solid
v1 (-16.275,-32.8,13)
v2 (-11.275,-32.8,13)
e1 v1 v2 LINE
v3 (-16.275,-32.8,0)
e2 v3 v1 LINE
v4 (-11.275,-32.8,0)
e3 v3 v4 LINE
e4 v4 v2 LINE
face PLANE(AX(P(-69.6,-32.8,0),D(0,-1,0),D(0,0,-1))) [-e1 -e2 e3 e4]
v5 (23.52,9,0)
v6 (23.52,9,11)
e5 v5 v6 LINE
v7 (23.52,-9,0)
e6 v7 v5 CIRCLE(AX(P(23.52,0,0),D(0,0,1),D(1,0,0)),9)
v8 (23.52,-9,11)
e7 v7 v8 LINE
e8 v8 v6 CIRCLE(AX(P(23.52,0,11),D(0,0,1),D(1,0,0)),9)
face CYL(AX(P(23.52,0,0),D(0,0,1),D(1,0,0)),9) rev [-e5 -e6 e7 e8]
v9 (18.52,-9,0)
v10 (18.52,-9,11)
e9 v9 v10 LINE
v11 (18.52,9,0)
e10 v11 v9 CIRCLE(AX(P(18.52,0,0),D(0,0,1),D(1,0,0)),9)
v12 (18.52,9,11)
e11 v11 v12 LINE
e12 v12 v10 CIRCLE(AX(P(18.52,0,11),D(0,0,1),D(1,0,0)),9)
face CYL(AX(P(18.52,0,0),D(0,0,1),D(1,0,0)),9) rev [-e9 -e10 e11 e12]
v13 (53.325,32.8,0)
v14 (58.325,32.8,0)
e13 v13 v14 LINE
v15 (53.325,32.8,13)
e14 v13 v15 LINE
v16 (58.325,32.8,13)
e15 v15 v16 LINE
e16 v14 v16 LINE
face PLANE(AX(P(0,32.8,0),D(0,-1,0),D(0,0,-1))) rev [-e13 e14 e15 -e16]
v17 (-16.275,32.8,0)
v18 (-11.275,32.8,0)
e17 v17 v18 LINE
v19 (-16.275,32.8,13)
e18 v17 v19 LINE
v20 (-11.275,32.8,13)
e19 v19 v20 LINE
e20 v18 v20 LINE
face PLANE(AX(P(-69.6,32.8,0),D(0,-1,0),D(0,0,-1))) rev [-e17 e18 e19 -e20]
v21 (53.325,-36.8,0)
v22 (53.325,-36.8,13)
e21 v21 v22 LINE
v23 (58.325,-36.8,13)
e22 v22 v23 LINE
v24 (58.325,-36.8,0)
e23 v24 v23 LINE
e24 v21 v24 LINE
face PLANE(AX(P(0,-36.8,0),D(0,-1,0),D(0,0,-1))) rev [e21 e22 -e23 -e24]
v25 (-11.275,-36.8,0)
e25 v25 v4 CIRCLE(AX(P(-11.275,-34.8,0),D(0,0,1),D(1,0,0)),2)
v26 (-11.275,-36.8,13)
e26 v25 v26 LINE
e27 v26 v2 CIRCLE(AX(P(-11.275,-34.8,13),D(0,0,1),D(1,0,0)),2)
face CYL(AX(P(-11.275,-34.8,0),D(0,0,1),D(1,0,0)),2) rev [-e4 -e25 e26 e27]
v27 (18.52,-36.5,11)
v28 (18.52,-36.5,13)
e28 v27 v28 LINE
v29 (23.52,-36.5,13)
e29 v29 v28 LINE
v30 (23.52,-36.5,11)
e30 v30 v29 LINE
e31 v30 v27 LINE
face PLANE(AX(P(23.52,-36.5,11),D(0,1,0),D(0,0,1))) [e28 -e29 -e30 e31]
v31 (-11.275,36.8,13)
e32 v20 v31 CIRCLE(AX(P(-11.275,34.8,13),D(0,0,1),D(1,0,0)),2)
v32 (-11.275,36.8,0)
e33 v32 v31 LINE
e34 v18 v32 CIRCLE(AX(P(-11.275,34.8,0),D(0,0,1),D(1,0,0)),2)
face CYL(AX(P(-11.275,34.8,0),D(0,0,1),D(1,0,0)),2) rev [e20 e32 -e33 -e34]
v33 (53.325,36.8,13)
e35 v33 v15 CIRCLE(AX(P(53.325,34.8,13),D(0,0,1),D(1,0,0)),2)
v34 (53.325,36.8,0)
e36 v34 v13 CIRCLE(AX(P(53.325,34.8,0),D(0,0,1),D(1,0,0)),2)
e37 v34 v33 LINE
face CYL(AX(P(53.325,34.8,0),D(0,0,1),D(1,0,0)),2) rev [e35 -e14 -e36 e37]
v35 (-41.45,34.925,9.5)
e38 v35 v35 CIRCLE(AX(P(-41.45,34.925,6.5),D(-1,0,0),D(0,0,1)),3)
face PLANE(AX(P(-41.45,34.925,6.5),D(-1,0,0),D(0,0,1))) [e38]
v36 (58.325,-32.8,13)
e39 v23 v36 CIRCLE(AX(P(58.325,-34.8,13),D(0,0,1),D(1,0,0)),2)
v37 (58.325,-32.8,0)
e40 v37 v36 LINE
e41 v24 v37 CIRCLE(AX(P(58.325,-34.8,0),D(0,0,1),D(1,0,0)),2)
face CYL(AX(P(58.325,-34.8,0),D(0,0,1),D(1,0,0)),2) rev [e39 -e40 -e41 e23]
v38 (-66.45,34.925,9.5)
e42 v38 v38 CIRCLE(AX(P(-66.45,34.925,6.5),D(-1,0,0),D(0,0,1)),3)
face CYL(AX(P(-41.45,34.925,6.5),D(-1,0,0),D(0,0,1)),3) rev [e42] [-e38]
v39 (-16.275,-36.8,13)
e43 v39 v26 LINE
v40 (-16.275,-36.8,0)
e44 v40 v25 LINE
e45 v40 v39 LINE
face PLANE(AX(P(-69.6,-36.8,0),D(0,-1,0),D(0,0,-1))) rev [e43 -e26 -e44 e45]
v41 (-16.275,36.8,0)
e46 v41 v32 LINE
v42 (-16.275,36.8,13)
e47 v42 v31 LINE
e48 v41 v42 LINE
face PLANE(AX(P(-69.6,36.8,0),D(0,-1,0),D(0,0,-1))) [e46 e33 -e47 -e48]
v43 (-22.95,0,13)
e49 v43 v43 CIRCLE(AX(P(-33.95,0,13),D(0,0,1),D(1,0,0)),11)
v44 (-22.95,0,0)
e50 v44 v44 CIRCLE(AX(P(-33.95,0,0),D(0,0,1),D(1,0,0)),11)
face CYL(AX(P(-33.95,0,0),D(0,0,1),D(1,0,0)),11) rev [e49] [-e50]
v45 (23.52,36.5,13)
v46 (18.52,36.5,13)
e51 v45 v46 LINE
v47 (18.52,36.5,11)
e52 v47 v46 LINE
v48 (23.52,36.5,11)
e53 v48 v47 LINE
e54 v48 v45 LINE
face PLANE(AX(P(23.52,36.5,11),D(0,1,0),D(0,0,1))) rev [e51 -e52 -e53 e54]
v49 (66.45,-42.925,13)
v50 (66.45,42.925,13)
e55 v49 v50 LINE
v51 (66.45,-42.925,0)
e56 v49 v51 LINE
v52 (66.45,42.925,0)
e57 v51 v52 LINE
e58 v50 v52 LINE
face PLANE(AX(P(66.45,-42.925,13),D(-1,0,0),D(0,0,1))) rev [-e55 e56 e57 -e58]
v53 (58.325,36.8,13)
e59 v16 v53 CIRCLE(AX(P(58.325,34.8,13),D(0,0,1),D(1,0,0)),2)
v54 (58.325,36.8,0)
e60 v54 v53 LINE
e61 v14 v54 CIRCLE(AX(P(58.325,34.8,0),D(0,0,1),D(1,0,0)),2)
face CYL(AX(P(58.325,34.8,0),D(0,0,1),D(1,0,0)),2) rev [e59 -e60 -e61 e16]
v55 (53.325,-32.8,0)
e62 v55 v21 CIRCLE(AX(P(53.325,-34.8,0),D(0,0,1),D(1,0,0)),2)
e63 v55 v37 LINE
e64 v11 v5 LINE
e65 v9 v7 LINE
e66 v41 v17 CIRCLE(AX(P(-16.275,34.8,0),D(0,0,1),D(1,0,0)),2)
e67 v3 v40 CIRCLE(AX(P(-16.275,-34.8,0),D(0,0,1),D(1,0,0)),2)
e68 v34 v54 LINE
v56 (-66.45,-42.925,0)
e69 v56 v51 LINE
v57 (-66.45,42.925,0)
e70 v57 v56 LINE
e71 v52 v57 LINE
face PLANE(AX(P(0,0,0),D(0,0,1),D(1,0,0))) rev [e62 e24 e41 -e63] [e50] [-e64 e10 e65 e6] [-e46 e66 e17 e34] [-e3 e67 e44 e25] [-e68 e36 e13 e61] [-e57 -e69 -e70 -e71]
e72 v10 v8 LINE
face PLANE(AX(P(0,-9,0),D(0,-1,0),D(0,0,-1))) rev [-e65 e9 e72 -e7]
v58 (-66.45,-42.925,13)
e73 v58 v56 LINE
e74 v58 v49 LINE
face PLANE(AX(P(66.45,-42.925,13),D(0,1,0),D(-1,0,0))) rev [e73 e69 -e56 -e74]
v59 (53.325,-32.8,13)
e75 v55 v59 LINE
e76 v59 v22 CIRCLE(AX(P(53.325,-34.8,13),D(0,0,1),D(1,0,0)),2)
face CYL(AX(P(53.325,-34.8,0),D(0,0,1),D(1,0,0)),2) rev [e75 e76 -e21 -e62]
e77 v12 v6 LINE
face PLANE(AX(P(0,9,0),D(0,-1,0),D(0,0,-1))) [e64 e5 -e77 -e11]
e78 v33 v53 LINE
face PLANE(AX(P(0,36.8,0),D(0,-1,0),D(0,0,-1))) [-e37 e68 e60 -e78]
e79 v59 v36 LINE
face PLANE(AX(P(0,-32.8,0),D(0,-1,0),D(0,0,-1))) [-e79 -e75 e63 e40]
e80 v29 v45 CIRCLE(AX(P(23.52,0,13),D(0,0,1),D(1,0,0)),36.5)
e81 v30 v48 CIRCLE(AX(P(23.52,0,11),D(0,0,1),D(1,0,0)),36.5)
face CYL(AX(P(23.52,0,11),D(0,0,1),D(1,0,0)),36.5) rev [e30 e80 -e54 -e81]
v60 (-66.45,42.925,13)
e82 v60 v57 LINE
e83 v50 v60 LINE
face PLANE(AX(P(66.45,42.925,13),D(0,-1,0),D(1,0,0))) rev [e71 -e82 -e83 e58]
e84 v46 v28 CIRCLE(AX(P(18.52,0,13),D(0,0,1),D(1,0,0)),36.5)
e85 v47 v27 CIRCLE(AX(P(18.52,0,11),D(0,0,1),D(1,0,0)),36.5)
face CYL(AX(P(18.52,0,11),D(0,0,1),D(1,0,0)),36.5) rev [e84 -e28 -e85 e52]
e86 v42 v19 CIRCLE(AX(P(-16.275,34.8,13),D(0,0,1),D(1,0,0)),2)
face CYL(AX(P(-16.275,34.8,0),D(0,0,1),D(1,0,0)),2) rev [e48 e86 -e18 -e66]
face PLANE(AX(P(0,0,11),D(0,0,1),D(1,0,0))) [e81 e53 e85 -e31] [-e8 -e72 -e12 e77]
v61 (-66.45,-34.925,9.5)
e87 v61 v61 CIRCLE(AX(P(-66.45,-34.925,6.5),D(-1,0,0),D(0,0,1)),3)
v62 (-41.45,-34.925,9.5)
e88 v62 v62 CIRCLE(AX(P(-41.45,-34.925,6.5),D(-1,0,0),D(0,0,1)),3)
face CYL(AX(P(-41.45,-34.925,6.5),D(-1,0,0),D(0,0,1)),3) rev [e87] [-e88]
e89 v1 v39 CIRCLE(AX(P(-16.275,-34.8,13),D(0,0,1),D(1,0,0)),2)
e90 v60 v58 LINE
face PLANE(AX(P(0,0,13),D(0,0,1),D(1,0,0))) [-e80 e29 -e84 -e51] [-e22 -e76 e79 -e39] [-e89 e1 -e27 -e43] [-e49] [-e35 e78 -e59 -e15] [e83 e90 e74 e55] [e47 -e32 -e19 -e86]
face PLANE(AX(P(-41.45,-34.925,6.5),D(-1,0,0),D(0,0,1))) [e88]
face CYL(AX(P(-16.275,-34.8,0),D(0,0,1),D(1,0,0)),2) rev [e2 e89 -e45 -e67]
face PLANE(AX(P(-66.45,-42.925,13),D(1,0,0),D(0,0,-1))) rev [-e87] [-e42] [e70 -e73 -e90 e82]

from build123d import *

# Parameters (mm, degrees)
SZKIC1_W                    = 132.9
SZKIC1_H                    = 85.85
DODANIE_WYCI_GNI_CIE1_DEPTH = 13
SZKIC2_R                    = 36.5
SZKIC2_W                    = 5
SZKIC2_H                    = 73
WYTNIJ_WYCI_GNI_CIE1_DEPTH  = 2
WYTNIJ_WYCI_GNI_CIE3_DEPTH  = 13
SZYK_LINIOWY1_COUNT         = 2
SZYK_LINIOWY1_PITCH         = 69.6
SZYK_LINIOWY1_COUNT_DIR2    = 2
SZYK_LINIOWY1_PITCH_DIR2    = 69.6
WYTNIJ_WYCI_GNI_CIE4_DEPTH  = 13
SZKIC7_R                    = 11
WYTNIJ_WYCI_GNI_CIE5_DEPTH  = 13
SZKIC8_R                    = 3
WYTNIJ_WYCI_GNI_CIE6_DEPTH  = 25


with BuildPart() as part:
    # Szkic1 → Dodanie-wyciągnięcie1 (new body)
    with BuildSketch(Plane.XY):
        Rectangle(SZKIC1_W, SZKIC1_H)
    extrude(amount=DODANIE_WYCI_GNI_CIE1_DEPTH)

    # Szkic2 → Wytnij-wyciągnięcie1 (cut)
    with BuildSketch(Plane.XY.offset(13)):
        with Locations((23.52, 0)):
            Circle(SZKIC2_R)
        with Locations((18.52, 0)):
            Circle(SZKIC2_R)
        with Locations((21.02, 0)):
            Rectangle(SZKIC2_W, SZKIC2_H)
    extrude(amount=-WYTNIJ_WYCI_GNI_CIE1_DEPTH, mode=Mode.SUBTRACT)

    # Szkic3 → Wytnij-wyciągnięcie3 (cut)
    with BuildSketch(Plane.XY.offset(13)):
        with BuildLine():
            ThreePointArc((55.325, 34.8), (54.739213562, 36.214213562), (53.325, 36.8))
            Line((53.325, 36.8), (53.325, 32.8))
            ThreePointArc((53.325, 32.8), (54.739213562, 33.385786438), (55.325, 34.8))
        make_face()
        with BuildLine():
            Line((53.325, 32.8), (53.325, 36.8))
            ThreePointArc((53.325, 36.8), (51.325, 34.8), (53.325, 32.8))
        make_face()
        with BuildLine():
            Line((58.325, 36.8), (53.325, 36.8))
            ThreePointArc((53.325, 36.8), (54.739213562, 36.214213562), (55.325, 34.8))
            ThreePointArc((55.325, 34.8), (54.739213562, 33.385786438), (53.325, 32.8))
            Line((53.325, 32.8), (58.325, 32.8))
            ThreePointArc((58.325, 32.8), (56.325, 34.8), (58.325, 36.8))
        make_face()
        with BuildLine():
            ThreePointArc((60.325, 34.8), (59.739213562, 36.214213562), (58.325, 36.8))
            Line((58.325, 36.8), (58.325, 32.8))
            ThreePointArc((58.325, 32.8), (59.739213562, 33.385786438), (60.325, 34.8))
        make_face()
        with BuildLine():
            Line((58.325, 32.8), (58.325, 36.8))
            ThreePointArc((58.325, 36.8), (56.325, 34.8), (58.325, 32.8))
        make_face()
    wytnij_wyci_gni_cie3 = extrude(amount=-WYTNIJ_WYCI_GNI_CIE3_DEPTH, mode=Mode.SUBTRACT)

    # Szyk liniowy1: Wytnij-wyci_gni_cie3 2 × 2
    with Locations(*[(-j * SZYK_LINIOWY1_PITCH_DIR2, -i * SZYK_LINIOWY1_PITCH, 0) for i in range(SZYK_LINIOWY1_COUNT) for j in range(SZYK_LINIOWY1_COUNT_DIR2) if (i, j) != (0, 0)]):
        add(wytnij_wyci_gni_cie3, mode=Mode.SUBTRACT)

    # Szkic6 → Wytnij-wyciągnięcie4 (cut)
    with BuildSketch(Plane.XY.offset(13)):
        with BuildLine():
            ThreePointArc((21.02, 8.645808233), (19.782482852, 8.911012123), (18.52, 9))
            Line((18.52, 9), (18.52, 7.483314774))
            ThreePointArc((18.52, 7.483314774), (19.725220987, 8.160860999), (21.02, 8.645808233))
        make_face()
        with BuildLine():
            Line((18.52, 7.483314774), (18.52, 9))
            ThreePointArc((18.52, 9), (9.52, 0), (18.52, -9))
            Line((18.52, -9), (18.52, -7.483314774))
            ThreePointArc((18.52, -7.483314774), (14.52, 0), (18.52, 7.483314774))
        make_face()
        with BuildLine():
            Line((18.52, -7.483314774), (18.52, -9))
            ThreePointArc((18.52, -9), (19.782482852, -8.911012123), (21.02, -8.645808233))
            ThreePointArc((21.02, -8.645808233), (19.725220987, -8.160860999), (18.52, -7.483314774))
        make_face()
        with BuildLine():
            Line((18.52, -7.483314774), (18.52, 7.483314774))
            ThreePointArc((18.52, 7.483314774), (14.52, 0), (18.52, -7.483314774))
        make_face()
        with BuildLine():
            ThreePointArc((21.02, 8.645808233), (19.725220987, 8.160860999), (18.52, 7.483314774))
            Line((18.52, 7.483314774), (18.52, -7.483314774))
            ThreePointArc((18.52, -7.483314774), (19.725220987, -8.160860999), (21.02, -8.645808233))
            ThreePointArc((21.02, -8.645808233), (22.314779013, -8.160860999), (23.52, -7.483314774))
            Line((23.52, -7.483314774), (23.52, 7.483314774))
            ThreePointArc((23.52, 7.483314774), (22.314779013, 8.160860999), (21.02, 8.645808233))
        make_face()
        with BuildLine():
            ThreePointArc((27.52, 0), (26.457253933, 4.242640687), (23.52, 7.483314774))
            Line((23.52, 7.483314774), (23.52, -7.483314774))
            ThreePointArc((23.52, -7.483314774), (26.457253933, -4.242640687), (27.52, 0))
        make_face()
        with BuildLine():
            ThreePointArc((32.52, 0), (29.883961031, 6.363961031), (23.52, 9))
            Line((23.52, 9), (23.52, 7.483314774))
            ThreePointArc((23.52, 7.483314774), (26.457253933, 4.242640687), (27.52, 0))
            ThreePointArc((27.52, 0), (26.457253933, -4.242640687), (23.52, -7.483314774))
            Line((23.52, -7.483314774), (23.52, -9))
            ThreePointArc((23.52, -9), (29.883961031, -6.363961031), (32.52, 0))
        make_face()
        with BuildLine():
            Line((23.52, 7.483314774), (23.52, 9))
            ThreePointArc((23.52, 9), (22.257517148, 8.911012123), (21.02, 8.645808233))
            ThreePointArc((21.02, 8.645808233), (22.314779013, 8.160860999), (23.52, 7.483314774))
        make_face()
        with BuildLine():
            ThreePointArc((21.02, -8.645808233), (22.257517148, -8.911012123), (23.52, -9))
            Line((23.52, -9), (23.52, -7.483314774))
            ThreePointArc((23.52, -7.483314774), (22.314779013, -8.160860999), (21.02, -8.645808233))
        make_face()
        with BuildLine():
            ThreePointArc((21.02, -8.645808233), (19.782482852, -8.911012123), (18.52, -9))
            Line((18.52, -9), (23.52, -9))
            ThreePointArc((23.52, -9), (22.257517148, -8.911012123), (21.02, -8.645808233))
        make_face()
        with BuildLine():
            Line((23.52, 9), (18.52, 9))
            ThreePointArc((18.52, 9), (19.782482852, 8.911012123), (21.02, 8.645808233))
            ThreePointArc((21.02, 8.645808233), (22.257517148, 8.911012123), (23.52, 9))
        make_face()
    extrude(amount=-WYTNIJ_WYCI_GNI_CIE4_DEPTH, mode=Mode.SUBTRACT)

    # Szkic7 → Wytnij-wyciągnięcie5 (cut)
    with BuildSketch(Plane.XY.offset(13)):
        with Locations((-33.95, 0)):
            Circle(SZKIC7_R)
    extrude(amount=-WYTNIJ_WYCI_GNI_CIE5_DEPTH, mode=Mode.SUBTRACT)

    # Szkic8 → Wytnij-wyciągnięcie6 (cut)
    with BuildSketch(Plane.ZY.offset(66.45)):
        with Locations((6.5, 34.925)):
            Circle(SZKIC8_R)
        with Locations((6.5, -34.925)):
            Circle(SZKIC8_R)
    extrude(amount=-WYTNIJ_WYCI_GNI_CIE6_DEPTH, mode=Mode.SUBTRACT)


solid = part.part
